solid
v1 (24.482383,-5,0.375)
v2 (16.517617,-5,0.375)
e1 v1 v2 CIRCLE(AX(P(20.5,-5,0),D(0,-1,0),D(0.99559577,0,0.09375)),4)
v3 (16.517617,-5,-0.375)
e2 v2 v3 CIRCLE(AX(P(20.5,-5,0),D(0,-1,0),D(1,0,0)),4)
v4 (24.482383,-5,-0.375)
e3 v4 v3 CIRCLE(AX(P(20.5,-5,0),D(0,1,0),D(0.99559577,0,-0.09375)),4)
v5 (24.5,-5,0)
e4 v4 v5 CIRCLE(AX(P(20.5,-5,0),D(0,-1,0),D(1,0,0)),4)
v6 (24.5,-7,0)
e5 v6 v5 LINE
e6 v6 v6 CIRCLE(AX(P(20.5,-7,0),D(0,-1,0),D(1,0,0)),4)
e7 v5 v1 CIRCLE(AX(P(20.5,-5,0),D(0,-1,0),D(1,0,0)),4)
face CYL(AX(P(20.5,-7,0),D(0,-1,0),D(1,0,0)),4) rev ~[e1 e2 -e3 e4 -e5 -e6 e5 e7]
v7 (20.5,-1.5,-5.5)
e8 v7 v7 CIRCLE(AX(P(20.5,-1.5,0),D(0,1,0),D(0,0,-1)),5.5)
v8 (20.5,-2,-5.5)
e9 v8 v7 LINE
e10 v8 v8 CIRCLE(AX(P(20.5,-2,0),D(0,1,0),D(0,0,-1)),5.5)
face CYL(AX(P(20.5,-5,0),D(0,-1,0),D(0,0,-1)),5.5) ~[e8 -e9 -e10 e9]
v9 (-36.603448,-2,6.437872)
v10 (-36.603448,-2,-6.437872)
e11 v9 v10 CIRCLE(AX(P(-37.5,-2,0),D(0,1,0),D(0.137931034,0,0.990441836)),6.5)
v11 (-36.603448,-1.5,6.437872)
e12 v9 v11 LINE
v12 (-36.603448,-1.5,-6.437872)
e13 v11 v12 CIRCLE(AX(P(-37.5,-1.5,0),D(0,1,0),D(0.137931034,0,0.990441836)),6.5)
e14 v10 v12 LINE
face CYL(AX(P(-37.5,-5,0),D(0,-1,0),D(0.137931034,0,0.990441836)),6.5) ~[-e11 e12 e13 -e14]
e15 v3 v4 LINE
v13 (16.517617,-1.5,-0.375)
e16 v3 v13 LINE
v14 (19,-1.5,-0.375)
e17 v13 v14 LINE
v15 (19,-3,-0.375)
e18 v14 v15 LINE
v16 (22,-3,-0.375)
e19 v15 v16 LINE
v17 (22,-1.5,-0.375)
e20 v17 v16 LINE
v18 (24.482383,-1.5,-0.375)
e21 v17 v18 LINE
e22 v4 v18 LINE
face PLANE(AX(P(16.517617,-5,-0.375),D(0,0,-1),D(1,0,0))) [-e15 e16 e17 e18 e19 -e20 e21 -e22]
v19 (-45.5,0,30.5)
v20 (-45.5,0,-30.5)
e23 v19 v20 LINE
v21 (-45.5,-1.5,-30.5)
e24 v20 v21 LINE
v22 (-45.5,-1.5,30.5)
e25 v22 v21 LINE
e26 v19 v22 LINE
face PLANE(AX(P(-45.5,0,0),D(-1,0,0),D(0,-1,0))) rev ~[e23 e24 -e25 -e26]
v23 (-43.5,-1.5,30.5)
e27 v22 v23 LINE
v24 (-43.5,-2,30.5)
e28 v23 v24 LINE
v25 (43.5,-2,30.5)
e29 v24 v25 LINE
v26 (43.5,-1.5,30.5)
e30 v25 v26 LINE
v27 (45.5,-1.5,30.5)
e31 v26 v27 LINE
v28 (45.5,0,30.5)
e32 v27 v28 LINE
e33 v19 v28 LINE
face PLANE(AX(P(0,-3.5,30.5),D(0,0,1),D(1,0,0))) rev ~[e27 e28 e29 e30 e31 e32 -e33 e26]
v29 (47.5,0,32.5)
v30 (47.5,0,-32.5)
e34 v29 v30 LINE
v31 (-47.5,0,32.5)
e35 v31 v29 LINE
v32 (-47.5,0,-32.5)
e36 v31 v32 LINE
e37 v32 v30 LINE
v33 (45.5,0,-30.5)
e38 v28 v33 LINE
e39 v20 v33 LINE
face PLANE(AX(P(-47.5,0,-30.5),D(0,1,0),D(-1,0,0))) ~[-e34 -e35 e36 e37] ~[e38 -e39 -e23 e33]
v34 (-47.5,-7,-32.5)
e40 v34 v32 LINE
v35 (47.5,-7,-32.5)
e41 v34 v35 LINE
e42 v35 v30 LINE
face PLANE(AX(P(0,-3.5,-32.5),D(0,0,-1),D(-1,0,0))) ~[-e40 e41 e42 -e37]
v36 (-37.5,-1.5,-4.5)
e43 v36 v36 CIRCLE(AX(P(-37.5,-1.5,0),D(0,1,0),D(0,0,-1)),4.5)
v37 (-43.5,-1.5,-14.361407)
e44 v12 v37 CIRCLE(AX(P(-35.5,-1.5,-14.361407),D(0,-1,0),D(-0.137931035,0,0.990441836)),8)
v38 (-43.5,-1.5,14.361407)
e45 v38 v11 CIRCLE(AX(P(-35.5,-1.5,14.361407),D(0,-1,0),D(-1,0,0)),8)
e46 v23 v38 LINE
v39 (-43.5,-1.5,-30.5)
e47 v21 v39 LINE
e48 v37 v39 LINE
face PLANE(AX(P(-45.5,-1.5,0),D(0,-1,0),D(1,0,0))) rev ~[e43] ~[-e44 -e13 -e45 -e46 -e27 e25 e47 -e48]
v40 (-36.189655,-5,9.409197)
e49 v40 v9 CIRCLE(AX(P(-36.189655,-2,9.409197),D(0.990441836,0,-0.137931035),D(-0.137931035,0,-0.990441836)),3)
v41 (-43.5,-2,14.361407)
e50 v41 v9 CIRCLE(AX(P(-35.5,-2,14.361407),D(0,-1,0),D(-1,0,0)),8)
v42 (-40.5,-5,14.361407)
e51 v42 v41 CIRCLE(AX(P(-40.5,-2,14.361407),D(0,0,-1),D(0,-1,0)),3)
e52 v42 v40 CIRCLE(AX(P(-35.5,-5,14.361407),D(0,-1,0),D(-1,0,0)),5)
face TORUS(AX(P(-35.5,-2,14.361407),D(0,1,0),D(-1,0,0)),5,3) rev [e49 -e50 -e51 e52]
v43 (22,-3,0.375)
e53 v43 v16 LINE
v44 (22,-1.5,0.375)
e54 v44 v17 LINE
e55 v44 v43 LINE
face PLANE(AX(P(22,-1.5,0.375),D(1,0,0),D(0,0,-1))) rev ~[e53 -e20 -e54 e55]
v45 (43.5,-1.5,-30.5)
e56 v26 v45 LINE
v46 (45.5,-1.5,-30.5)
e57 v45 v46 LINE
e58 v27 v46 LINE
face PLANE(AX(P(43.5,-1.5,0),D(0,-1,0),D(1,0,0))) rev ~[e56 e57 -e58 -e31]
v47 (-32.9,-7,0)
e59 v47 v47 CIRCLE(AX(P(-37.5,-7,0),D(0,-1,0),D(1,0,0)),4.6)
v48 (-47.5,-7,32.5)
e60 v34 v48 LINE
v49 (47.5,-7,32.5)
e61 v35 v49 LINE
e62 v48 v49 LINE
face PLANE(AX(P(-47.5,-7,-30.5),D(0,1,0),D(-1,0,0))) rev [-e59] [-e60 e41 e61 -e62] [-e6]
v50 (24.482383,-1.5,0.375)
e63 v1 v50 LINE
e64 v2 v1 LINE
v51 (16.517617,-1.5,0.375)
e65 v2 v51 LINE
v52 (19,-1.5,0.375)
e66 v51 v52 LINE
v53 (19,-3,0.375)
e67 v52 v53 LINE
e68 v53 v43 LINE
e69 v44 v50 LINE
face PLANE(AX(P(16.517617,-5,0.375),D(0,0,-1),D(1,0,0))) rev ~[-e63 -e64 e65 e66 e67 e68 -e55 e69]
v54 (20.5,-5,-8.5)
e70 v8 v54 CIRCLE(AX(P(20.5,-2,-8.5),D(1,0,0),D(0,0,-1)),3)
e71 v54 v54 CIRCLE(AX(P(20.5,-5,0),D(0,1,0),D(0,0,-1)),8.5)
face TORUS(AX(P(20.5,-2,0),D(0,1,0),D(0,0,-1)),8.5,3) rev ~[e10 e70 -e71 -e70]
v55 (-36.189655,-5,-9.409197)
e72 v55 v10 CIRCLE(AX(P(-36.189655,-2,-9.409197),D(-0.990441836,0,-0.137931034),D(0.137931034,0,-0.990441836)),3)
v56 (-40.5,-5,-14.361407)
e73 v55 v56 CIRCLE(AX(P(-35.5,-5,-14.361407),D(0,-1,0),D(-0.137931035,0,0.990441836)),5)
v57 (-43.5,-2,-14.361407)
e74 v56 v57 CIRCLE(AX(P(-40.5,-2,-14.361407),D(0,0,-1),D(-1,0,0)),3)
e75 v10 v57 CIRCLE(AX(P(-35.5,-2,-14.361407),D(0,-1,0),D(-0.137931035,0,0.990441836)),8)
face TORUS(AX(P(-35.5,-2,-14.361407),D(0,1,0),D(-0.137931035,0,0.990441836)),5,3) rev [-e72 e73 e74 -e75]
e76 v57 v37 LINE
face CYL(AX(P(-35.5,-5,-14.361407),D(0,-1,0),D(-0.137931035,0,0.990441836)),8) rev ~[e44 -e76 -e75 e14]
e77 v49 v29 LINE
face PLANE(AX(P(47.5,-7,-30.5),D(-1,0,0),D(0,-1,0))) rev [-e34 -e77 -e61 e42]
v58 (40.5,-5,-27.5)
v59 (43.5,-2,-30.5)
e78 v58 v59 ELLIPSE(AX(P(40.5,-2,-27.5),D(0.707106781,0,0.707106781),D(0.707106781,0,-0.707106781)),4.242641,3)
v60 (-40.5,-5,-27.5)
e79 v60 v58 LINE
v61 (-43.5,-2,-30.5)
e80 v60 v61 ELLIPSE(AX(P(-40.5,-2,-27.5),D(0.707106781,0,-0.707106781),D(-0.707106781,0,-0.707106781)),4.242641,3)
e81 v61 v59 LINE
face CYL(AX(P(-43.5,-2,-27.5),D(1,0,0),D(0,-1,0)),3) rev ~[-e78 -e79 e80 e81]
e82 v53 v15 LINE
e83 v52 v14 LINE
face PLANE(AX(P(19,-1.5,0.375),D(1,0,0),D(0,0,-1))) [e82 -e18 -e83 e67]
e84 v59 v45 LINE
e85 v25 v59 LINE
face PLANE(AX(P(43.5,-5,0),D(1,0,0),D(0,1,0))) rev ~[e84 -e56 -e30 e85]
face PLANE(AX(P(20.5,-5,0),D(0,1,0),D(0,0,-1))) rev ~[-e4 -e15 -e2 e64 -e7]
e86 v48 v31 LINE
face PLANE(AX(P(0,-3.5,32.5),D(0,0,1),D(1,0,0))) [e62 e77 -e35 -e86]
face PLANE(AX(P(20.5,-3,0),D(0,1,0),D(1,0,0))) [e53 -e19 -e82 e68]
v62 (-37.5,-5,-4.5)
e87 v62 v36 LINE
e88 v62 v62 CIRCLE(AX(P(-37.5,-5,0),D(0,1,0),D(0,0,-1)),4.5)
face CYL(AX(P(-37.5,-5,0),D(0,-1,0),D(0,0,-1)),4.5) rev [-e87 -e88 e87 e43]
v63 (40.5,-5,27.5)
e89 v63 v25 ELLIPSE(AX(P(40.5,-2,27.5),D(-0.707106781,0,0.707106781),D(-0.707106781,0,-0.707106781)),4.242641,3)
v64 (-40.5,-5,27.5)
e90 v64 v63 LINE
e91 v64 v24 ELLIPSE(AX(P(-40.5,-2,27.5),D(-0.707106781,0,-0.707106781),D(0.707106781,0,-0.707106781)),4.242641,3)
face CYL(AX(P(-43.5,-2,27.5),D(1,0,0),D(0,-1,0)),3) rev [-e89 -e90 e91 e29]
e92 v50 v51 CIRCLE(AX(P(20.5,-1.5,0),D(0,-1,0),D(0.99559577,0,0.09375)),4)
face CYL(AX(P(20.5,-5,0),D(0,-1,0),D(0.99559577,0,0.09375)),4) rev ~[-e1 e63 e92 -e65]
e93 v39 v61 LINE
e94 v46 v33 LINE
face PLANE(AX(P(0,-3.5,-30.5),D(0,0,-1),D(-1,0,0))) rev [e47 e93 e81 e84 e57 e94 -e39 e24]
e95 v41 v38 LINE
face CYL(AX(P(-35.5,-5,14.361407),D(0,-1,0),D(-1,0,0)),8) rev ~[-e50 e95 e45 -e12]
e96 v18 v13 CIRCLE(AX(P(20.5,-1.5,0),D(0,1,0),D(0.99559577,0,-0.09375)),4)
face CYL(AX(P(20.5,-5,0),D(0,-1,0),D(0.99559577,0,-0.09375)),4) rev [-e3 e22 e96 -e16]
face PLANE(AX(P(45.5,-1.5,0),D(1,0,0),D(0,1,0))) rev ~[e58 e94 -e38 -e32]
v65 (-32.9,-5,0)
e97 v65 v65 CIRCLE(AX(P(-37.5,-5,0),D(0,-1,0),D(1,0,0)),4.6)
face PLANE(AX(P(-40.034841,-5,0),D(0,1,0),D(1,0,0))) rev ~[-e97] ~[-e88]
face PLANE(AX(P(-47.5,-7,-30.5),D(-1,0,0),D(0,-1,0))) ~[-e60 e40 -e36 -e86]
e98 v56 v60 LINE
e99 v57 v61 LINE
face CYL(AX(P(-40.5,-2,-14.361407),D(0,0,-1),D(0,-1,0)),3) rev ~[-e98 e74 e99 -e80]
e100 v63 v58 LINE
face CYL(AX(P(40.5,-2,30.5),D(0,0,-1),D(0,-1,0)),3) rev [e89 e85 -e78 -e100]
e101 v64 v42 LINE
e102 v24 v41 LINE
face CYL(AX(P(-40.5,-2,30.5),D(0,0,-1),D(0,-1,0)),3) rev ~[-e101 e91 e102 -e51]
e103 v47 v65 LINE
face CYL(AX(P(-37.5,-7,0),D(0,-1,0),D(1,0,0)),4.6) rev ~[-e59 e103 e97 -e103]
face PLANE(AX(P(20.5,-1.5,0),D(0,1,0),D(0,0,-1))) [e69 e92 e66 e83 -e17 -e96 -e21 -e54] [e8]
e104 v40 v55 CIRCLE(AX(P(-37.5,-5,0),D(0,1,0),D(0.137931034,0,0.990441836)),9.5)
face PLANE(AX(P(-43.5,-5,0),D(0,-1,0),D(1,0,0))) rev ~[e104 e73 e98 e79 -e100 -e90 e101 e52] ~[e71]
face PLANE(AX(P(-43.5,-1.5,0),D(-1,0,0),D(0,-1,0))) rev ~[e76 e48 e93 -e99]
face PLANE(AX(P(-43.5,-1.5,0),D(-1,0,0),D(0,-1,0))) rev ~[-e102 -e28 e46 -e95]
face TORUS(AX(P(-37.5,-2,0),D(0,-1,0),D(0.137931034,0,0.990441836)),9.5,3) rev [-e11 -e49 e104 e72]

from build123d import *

# Parameters (mm, degrees)
PCB_STAND_DEPTH     = 30.5
SKETCH3_W           = 95
SKETCH3_H           = 7
EXTRA_BOTTOM_DEPTH  = 2
SENSOR_HOLES_2_R    = 4.6
SENSOR_HOLES_2_R_2  = 4
SENSOR_HOLES_DEPTH  = 58.97844427
SKETCH4_R           = 5.5
SKETCH4_R_2         = 4.5
SENSOR_STANDS_DEPTH = 3.5
FILLET1_R           = 3
SKETCH5_W           = 3
SKETCH5_H           = 0.75
TOF_SLOT_DEPTH      = 1.5


with BuildPart() as part:
    # Master_Geometry → PCB_Stand (new, symmetric)
    with BuildSketch(Plane.XY):
        Polygon((-47.5, -5), (-47.5, 0), (-45.5, 0), (-45.5, -1.5), (-43.5, -1.5), (-43.5, -5), (43.5, -5), (43.5, -1.5), (45.5, -1.5), (45.5, 0), (47.5, 0), (47.5, -5), (47.5, -7), (-47.5, -7), align=None)
    extrude(amount=PCB_STAND_DEPTH, both=True)

    # Sketch3 → Extra_Bottom (add)
    with BuildSketch(Plane.XY.offset(30.5)):
        with Locations((0, -3.5)):
            Rectangle(SKETCH3_W, SKETCH3_H)
    extra_bottom = extrude(amount=EXTRA_BOTTOM_DEPTH)

    # Mirror2: Extra_Bottom across plane
    add(extra_bottom.mirror(Plane.XY))

    # Sensor-Holes 2 → Sensor_Holes (cut, through all)
    with BuildSketch(Plane.XZ.offset(7)):
        with Locations((-37.5, 0)):
            Circle(SENSOR_HOLES_2_R)
        with Locations((20.5, 0)):
            Circle(SENSOR_HOLES_2_R_2)
    extrude(amount=-SENSOR_HOLES_DEPTH, mode=Mode.SUBTRACT)

    # Sketch4 → Sensor_Stands (add)
    # profile 1 of 2: a face of its own
    with BuildSketch(Plane(origin=(0, -5, 0), x_dir=(1, 0, 0), z_dir=(0, 1, 0))):
        with Locations(Location((20.5, 0, 0), (0, 0, 90))):
            Circle(SKETCH4_R)
        with BuildLine():
            Line((16.517616919, 0.375), (24.482383081, 0.375))
            ThreePointArc((24.482383081, 0.375), (20.5, 4), (16.517616919, 0.375))
        make_face(mode=Mode.SUBTRACT)
        with BuildLine():
            Line((16.517616919, -0.375), (24.482383081, -0.375))
            ThreePointArc((24.482383081, -0.375), (20.5, -4), (16.517616919, -0.375))
        make_face(mode=Mode.SUBTRACT)
    # profile 2 of 2: a face of its own
    with BuildSketch(Plane(origin=(0, -5, 0), x_dir=(1, 0, 0), z_dir=(0, 1, 0))):
        with BuildLine():
            Line((-43.5, 14.361406616), (-43.5, -14.361406616))
            ThreePointArc((-43.5, -14.361406616), (-41.534384236, -9.109149302), (-36.603448276, -6.437871931))
            ThreePointArc((-36.603448276, -6.437871931), (-31, 0), (-36.603448276, 6.437871931))
            ThreePointArc((-36.603448276, 6.437871931), (-41.534384236, 9.109149302), (-43.5, 14.361406616))
        make_face()
        with Locations(Location((-37.5, 0, 0), (0, 0, 90))):
            Circle(SKETCH4_R_2, mode=Mode.SUBTRACT)
    extrude(amount=SENSOR_STANDS_DEPTH)

    # Fillet1
    fillet1_edges = [part.edges().sort_by_distance(p)[0] for p in [
        (-41.534384236, -5, 9.109149302),
        (-31, -5, 0),
        (-41.534384236, -5, -9.109149302),
        (0, -5, -30.5),
        (-43.5, -5, 22.430703308),
        (43.5, -5, 0),
        (0, -5, 30.5),
        (20.5, -5, 5.5),
        (-43.5, -5, -22.430703308),
    ]]
    fillet(fillet1_edges, radius=FILLET1_R)

    # Sketch5 → ToF_Slot (cut)
    with BuildSketch(Plane(origin=(0, -1.5, 0), x_dir=(1, 0, 0), z_dir=(0, 1, 0))):
        with Locations((20.5, 0)):
            Rectangle(SKETCH5_W, SKETCH5_H)
    extrude(amount=-TOF_SLOT_DEPTH, mode=Mode.SUBTRACT)


solid = part.part
